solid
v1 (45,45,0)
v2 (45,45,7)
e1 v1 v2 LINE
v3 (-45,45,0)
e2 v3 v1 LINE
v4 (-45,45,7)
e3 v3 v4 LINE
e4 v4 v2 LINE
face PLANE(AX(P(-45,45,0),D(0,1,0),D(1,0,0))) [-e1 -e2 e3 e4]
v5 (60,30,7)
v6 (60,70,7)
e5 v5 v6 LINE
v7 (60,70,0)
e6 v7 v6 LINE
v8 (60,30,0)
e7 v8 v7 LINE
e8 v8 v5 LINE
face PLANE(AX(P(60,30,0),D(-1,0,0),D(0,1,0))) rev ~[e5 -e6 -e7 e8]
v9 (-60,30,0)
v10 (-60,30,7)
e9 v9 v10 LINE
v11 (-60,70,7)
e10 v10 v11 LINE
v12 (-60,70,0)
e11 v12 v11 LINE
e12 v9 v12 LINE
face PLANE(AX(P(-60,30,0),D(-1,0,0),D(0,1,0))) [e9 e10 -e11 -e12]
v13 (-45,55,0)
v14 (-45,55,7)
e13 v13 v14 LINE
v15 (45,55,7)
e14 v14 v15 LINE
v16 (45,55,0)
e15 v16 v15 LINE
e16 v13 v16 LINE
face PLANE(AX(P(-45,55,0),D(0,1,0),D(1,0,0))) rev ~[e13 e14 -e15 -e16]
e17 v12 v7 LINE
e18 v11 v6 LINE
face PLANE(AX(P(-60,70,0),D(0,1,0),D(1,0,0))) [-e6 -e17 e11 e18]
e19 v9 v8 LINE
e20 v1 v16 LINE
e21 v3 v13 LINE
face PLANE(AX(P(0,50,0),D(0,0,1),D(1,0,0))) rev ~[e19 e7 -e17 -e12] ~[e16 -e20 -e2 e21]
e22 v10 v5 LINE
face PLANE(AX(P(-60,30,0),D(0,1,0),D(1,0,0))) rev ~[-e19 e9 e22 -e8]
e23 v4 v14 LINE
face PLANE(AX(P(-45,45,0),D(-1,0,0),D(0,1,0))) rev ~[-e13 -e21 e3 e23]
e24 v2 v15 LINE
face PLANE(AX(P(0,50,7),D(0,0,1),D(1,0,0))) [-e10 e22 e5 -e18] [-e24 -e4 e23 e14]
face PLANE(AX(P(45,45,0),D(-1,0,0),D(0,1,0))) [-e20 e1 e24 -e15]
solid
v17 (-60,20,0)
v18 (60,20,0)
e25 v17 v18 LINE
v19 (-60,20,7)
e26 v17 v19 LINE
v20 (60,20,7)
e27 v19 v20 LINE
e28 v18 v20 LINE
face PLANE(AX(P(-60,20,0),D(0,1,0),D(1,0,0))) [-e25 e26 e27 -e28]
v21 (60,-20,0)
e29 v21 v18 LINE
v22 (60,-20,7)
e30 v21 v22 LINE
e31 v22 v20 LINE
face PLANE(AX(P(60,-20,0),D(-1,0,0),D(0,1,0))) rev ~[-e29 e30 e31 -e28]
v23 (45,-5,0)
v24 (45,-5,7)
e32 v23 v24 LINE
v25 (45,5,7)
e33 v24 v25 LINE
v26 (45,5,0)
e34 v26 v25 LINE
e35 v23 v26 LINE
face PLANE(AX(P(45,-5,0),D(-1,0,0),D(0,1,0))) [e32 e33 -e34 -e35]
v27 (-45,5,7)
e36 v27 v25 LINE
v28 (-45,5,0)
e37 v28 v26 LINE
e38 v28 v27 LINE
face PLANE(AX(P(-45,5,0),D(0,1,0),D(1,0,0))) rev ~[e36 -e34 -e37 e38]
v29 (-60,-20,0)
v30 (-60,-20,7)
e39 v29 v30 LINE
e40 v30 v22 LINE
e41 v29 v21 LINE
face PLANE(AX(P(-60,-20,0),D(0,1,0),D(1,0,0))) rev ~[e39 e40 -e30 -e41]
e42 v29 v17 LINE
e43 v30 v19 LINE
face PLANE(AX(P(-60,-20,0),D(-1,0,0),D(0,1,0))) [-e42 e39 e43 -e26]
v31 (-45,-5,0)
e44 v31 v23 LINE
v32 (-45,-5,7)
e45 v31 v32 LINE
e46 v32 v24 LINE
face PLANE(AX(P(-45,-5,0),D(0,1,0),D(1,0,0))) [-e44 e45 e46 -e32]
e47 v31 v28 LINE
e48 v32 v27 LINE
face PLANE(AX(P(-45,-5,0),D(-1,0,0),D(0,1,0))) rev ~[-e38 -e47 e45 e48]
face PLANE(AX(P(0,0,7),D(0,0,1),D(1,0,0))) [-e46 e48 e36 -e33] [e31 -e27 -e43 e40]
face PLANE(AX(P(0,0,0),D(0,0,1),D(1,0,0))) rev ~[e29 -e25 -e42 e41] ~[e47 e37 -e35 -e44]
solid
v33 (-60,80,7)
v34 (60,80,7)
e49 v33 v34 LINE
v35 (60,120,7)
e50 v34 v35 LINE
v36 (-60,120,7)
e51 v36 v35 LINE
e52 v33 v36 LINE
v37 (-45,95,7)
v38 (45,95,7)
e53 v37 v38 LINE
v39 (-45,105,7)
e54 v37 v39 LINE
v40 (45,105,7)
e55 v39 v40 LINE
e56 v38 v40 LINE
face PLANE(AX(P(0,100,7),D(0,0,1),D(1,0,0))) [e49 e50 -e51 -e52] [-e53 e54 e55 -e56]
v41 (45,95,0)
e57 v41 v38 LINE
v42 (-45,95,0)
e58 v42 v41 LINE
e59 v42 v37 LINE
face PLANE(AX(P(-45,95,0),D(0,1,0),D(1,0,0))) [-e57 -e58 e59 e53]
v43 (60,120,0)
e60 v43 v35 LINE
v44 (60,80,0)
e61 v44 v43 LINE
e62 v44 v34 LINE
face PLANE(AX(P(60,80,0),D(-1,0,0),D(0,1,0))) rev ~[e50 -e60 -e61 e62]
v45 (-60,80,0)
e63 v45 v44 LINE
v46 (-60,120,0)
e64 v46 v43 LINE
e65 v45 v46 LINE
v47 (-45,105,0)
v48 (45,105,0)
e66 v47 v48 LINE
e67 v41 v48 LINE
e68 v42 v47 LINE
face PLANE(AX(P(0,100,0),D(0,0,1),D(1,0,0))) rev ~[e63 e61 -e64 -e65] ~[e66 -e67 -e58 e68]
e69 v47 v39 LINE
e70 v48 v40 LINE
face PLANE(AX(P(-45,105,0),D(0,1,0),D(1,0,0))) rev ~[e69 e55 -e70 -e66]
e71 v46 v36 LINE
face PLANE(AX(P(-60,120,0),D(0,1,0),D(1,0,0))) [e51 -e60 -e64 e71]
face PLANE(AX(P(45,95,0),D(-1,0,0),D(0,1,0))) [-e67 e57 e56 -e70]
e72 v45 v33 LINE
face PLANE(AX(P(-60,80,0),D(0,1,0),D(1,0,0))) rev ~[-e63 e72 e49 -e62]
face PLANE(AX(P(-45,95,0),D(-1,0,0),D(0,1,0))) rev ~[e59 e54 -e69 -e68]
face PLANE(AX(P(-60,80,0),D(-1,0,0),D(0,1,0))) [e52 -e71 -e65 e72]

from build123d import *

# Parameters (mm, degrees)
F0_W     = 120
F0_H     = 40
F0_W_2   = 90
F0_H_2   = 10
F1_DEPTH = 7


with BuildPart() as f1:
    # F0 (on Top) → F1 (new body)
    with BuildSketch(Plane.XY):
        Rectangle(F0_W, F0_H)
        Rectangle(F0_W_2, F0_H_2, mode=Mode.SUBTRACT)
    extrude(amount=F1_DEPTH)


with BuildPart() as f1b:
    # F0 (on Top) → F1, piece 2 (new body)
    with BuildSketch(Plane.XY):
        with Locations((0, 50)):
            Rectangle(F0_W, F0_H)
        with Locations((0, 50)):
            Rectangle(F0_W_2, F0_H_2, mode=Mode.SUBTRACT)
    extrude(amount=F1_DEPTH)


with BuildPart() as f1c:
    # F0 (on Top) → F1, piece 3 (new body)
    with BuildSketch(Plane.XY):
        with Locations((0, 100)):
            Rectangle(F0_W, F0_H)
        with Locations((0, 100)):
            Rectangle(F0_W_2, F0_H_2, mode=Mode.SUBTRACT)
    extrude(amount=F1_DEPTH)


with BuildPart() as f1d:
    # F0 (on Top) → F1, piece 4 (new body)
    with BuildSketch(Plane.XY):
        with Locations((130, 0)):
            Rectangle(F0_W, F0_H)
        with Locations((130, 0)):
            Rectangle(F0_W_2, F0_H_2, mode=Mode.SUBTRACT)
    extrude(amount=F1_DEPTH)


with BuildPart() as f1e:
    # F0 (on Top) → F1, piece 5 (new body)
    with BuildSketch(Plane.XY):
        with Locations((130, 50)):
            Rectangle(F0_W, F0_H)
        with Locations((130, 50)):
            Rectangle(F0_W_2, F0_H_2, mode=Mode.SUBTRACT)
    extrude(amount=F1_DEPTH)


with BuildPart() as f1f:
    # F0 (on Top) → F1, piece 6 (new body)
    with BuildSketch(Plane.XY):
        with Locations((130, 100)):
            Rectangle(F0_W, F0_H)
        with Locations((130, 100)):
            Rectangle(F0_W_2, F0_H_2, mode=Mode.SUBTRACT)
    extrude(amount=F1_DEPTH)


with BuildPart() as f2_1:
    # F2: copy of F1
    add(f1.part.moved(Location((0, 90, 0))))


with BuildPart() as f3_1:
    # F3: copy of F2_1
    add(f2_1.part.moved(Location((0, 90, 0))))


solid = Compound([f1.part, f1b.part, f1c.part])
